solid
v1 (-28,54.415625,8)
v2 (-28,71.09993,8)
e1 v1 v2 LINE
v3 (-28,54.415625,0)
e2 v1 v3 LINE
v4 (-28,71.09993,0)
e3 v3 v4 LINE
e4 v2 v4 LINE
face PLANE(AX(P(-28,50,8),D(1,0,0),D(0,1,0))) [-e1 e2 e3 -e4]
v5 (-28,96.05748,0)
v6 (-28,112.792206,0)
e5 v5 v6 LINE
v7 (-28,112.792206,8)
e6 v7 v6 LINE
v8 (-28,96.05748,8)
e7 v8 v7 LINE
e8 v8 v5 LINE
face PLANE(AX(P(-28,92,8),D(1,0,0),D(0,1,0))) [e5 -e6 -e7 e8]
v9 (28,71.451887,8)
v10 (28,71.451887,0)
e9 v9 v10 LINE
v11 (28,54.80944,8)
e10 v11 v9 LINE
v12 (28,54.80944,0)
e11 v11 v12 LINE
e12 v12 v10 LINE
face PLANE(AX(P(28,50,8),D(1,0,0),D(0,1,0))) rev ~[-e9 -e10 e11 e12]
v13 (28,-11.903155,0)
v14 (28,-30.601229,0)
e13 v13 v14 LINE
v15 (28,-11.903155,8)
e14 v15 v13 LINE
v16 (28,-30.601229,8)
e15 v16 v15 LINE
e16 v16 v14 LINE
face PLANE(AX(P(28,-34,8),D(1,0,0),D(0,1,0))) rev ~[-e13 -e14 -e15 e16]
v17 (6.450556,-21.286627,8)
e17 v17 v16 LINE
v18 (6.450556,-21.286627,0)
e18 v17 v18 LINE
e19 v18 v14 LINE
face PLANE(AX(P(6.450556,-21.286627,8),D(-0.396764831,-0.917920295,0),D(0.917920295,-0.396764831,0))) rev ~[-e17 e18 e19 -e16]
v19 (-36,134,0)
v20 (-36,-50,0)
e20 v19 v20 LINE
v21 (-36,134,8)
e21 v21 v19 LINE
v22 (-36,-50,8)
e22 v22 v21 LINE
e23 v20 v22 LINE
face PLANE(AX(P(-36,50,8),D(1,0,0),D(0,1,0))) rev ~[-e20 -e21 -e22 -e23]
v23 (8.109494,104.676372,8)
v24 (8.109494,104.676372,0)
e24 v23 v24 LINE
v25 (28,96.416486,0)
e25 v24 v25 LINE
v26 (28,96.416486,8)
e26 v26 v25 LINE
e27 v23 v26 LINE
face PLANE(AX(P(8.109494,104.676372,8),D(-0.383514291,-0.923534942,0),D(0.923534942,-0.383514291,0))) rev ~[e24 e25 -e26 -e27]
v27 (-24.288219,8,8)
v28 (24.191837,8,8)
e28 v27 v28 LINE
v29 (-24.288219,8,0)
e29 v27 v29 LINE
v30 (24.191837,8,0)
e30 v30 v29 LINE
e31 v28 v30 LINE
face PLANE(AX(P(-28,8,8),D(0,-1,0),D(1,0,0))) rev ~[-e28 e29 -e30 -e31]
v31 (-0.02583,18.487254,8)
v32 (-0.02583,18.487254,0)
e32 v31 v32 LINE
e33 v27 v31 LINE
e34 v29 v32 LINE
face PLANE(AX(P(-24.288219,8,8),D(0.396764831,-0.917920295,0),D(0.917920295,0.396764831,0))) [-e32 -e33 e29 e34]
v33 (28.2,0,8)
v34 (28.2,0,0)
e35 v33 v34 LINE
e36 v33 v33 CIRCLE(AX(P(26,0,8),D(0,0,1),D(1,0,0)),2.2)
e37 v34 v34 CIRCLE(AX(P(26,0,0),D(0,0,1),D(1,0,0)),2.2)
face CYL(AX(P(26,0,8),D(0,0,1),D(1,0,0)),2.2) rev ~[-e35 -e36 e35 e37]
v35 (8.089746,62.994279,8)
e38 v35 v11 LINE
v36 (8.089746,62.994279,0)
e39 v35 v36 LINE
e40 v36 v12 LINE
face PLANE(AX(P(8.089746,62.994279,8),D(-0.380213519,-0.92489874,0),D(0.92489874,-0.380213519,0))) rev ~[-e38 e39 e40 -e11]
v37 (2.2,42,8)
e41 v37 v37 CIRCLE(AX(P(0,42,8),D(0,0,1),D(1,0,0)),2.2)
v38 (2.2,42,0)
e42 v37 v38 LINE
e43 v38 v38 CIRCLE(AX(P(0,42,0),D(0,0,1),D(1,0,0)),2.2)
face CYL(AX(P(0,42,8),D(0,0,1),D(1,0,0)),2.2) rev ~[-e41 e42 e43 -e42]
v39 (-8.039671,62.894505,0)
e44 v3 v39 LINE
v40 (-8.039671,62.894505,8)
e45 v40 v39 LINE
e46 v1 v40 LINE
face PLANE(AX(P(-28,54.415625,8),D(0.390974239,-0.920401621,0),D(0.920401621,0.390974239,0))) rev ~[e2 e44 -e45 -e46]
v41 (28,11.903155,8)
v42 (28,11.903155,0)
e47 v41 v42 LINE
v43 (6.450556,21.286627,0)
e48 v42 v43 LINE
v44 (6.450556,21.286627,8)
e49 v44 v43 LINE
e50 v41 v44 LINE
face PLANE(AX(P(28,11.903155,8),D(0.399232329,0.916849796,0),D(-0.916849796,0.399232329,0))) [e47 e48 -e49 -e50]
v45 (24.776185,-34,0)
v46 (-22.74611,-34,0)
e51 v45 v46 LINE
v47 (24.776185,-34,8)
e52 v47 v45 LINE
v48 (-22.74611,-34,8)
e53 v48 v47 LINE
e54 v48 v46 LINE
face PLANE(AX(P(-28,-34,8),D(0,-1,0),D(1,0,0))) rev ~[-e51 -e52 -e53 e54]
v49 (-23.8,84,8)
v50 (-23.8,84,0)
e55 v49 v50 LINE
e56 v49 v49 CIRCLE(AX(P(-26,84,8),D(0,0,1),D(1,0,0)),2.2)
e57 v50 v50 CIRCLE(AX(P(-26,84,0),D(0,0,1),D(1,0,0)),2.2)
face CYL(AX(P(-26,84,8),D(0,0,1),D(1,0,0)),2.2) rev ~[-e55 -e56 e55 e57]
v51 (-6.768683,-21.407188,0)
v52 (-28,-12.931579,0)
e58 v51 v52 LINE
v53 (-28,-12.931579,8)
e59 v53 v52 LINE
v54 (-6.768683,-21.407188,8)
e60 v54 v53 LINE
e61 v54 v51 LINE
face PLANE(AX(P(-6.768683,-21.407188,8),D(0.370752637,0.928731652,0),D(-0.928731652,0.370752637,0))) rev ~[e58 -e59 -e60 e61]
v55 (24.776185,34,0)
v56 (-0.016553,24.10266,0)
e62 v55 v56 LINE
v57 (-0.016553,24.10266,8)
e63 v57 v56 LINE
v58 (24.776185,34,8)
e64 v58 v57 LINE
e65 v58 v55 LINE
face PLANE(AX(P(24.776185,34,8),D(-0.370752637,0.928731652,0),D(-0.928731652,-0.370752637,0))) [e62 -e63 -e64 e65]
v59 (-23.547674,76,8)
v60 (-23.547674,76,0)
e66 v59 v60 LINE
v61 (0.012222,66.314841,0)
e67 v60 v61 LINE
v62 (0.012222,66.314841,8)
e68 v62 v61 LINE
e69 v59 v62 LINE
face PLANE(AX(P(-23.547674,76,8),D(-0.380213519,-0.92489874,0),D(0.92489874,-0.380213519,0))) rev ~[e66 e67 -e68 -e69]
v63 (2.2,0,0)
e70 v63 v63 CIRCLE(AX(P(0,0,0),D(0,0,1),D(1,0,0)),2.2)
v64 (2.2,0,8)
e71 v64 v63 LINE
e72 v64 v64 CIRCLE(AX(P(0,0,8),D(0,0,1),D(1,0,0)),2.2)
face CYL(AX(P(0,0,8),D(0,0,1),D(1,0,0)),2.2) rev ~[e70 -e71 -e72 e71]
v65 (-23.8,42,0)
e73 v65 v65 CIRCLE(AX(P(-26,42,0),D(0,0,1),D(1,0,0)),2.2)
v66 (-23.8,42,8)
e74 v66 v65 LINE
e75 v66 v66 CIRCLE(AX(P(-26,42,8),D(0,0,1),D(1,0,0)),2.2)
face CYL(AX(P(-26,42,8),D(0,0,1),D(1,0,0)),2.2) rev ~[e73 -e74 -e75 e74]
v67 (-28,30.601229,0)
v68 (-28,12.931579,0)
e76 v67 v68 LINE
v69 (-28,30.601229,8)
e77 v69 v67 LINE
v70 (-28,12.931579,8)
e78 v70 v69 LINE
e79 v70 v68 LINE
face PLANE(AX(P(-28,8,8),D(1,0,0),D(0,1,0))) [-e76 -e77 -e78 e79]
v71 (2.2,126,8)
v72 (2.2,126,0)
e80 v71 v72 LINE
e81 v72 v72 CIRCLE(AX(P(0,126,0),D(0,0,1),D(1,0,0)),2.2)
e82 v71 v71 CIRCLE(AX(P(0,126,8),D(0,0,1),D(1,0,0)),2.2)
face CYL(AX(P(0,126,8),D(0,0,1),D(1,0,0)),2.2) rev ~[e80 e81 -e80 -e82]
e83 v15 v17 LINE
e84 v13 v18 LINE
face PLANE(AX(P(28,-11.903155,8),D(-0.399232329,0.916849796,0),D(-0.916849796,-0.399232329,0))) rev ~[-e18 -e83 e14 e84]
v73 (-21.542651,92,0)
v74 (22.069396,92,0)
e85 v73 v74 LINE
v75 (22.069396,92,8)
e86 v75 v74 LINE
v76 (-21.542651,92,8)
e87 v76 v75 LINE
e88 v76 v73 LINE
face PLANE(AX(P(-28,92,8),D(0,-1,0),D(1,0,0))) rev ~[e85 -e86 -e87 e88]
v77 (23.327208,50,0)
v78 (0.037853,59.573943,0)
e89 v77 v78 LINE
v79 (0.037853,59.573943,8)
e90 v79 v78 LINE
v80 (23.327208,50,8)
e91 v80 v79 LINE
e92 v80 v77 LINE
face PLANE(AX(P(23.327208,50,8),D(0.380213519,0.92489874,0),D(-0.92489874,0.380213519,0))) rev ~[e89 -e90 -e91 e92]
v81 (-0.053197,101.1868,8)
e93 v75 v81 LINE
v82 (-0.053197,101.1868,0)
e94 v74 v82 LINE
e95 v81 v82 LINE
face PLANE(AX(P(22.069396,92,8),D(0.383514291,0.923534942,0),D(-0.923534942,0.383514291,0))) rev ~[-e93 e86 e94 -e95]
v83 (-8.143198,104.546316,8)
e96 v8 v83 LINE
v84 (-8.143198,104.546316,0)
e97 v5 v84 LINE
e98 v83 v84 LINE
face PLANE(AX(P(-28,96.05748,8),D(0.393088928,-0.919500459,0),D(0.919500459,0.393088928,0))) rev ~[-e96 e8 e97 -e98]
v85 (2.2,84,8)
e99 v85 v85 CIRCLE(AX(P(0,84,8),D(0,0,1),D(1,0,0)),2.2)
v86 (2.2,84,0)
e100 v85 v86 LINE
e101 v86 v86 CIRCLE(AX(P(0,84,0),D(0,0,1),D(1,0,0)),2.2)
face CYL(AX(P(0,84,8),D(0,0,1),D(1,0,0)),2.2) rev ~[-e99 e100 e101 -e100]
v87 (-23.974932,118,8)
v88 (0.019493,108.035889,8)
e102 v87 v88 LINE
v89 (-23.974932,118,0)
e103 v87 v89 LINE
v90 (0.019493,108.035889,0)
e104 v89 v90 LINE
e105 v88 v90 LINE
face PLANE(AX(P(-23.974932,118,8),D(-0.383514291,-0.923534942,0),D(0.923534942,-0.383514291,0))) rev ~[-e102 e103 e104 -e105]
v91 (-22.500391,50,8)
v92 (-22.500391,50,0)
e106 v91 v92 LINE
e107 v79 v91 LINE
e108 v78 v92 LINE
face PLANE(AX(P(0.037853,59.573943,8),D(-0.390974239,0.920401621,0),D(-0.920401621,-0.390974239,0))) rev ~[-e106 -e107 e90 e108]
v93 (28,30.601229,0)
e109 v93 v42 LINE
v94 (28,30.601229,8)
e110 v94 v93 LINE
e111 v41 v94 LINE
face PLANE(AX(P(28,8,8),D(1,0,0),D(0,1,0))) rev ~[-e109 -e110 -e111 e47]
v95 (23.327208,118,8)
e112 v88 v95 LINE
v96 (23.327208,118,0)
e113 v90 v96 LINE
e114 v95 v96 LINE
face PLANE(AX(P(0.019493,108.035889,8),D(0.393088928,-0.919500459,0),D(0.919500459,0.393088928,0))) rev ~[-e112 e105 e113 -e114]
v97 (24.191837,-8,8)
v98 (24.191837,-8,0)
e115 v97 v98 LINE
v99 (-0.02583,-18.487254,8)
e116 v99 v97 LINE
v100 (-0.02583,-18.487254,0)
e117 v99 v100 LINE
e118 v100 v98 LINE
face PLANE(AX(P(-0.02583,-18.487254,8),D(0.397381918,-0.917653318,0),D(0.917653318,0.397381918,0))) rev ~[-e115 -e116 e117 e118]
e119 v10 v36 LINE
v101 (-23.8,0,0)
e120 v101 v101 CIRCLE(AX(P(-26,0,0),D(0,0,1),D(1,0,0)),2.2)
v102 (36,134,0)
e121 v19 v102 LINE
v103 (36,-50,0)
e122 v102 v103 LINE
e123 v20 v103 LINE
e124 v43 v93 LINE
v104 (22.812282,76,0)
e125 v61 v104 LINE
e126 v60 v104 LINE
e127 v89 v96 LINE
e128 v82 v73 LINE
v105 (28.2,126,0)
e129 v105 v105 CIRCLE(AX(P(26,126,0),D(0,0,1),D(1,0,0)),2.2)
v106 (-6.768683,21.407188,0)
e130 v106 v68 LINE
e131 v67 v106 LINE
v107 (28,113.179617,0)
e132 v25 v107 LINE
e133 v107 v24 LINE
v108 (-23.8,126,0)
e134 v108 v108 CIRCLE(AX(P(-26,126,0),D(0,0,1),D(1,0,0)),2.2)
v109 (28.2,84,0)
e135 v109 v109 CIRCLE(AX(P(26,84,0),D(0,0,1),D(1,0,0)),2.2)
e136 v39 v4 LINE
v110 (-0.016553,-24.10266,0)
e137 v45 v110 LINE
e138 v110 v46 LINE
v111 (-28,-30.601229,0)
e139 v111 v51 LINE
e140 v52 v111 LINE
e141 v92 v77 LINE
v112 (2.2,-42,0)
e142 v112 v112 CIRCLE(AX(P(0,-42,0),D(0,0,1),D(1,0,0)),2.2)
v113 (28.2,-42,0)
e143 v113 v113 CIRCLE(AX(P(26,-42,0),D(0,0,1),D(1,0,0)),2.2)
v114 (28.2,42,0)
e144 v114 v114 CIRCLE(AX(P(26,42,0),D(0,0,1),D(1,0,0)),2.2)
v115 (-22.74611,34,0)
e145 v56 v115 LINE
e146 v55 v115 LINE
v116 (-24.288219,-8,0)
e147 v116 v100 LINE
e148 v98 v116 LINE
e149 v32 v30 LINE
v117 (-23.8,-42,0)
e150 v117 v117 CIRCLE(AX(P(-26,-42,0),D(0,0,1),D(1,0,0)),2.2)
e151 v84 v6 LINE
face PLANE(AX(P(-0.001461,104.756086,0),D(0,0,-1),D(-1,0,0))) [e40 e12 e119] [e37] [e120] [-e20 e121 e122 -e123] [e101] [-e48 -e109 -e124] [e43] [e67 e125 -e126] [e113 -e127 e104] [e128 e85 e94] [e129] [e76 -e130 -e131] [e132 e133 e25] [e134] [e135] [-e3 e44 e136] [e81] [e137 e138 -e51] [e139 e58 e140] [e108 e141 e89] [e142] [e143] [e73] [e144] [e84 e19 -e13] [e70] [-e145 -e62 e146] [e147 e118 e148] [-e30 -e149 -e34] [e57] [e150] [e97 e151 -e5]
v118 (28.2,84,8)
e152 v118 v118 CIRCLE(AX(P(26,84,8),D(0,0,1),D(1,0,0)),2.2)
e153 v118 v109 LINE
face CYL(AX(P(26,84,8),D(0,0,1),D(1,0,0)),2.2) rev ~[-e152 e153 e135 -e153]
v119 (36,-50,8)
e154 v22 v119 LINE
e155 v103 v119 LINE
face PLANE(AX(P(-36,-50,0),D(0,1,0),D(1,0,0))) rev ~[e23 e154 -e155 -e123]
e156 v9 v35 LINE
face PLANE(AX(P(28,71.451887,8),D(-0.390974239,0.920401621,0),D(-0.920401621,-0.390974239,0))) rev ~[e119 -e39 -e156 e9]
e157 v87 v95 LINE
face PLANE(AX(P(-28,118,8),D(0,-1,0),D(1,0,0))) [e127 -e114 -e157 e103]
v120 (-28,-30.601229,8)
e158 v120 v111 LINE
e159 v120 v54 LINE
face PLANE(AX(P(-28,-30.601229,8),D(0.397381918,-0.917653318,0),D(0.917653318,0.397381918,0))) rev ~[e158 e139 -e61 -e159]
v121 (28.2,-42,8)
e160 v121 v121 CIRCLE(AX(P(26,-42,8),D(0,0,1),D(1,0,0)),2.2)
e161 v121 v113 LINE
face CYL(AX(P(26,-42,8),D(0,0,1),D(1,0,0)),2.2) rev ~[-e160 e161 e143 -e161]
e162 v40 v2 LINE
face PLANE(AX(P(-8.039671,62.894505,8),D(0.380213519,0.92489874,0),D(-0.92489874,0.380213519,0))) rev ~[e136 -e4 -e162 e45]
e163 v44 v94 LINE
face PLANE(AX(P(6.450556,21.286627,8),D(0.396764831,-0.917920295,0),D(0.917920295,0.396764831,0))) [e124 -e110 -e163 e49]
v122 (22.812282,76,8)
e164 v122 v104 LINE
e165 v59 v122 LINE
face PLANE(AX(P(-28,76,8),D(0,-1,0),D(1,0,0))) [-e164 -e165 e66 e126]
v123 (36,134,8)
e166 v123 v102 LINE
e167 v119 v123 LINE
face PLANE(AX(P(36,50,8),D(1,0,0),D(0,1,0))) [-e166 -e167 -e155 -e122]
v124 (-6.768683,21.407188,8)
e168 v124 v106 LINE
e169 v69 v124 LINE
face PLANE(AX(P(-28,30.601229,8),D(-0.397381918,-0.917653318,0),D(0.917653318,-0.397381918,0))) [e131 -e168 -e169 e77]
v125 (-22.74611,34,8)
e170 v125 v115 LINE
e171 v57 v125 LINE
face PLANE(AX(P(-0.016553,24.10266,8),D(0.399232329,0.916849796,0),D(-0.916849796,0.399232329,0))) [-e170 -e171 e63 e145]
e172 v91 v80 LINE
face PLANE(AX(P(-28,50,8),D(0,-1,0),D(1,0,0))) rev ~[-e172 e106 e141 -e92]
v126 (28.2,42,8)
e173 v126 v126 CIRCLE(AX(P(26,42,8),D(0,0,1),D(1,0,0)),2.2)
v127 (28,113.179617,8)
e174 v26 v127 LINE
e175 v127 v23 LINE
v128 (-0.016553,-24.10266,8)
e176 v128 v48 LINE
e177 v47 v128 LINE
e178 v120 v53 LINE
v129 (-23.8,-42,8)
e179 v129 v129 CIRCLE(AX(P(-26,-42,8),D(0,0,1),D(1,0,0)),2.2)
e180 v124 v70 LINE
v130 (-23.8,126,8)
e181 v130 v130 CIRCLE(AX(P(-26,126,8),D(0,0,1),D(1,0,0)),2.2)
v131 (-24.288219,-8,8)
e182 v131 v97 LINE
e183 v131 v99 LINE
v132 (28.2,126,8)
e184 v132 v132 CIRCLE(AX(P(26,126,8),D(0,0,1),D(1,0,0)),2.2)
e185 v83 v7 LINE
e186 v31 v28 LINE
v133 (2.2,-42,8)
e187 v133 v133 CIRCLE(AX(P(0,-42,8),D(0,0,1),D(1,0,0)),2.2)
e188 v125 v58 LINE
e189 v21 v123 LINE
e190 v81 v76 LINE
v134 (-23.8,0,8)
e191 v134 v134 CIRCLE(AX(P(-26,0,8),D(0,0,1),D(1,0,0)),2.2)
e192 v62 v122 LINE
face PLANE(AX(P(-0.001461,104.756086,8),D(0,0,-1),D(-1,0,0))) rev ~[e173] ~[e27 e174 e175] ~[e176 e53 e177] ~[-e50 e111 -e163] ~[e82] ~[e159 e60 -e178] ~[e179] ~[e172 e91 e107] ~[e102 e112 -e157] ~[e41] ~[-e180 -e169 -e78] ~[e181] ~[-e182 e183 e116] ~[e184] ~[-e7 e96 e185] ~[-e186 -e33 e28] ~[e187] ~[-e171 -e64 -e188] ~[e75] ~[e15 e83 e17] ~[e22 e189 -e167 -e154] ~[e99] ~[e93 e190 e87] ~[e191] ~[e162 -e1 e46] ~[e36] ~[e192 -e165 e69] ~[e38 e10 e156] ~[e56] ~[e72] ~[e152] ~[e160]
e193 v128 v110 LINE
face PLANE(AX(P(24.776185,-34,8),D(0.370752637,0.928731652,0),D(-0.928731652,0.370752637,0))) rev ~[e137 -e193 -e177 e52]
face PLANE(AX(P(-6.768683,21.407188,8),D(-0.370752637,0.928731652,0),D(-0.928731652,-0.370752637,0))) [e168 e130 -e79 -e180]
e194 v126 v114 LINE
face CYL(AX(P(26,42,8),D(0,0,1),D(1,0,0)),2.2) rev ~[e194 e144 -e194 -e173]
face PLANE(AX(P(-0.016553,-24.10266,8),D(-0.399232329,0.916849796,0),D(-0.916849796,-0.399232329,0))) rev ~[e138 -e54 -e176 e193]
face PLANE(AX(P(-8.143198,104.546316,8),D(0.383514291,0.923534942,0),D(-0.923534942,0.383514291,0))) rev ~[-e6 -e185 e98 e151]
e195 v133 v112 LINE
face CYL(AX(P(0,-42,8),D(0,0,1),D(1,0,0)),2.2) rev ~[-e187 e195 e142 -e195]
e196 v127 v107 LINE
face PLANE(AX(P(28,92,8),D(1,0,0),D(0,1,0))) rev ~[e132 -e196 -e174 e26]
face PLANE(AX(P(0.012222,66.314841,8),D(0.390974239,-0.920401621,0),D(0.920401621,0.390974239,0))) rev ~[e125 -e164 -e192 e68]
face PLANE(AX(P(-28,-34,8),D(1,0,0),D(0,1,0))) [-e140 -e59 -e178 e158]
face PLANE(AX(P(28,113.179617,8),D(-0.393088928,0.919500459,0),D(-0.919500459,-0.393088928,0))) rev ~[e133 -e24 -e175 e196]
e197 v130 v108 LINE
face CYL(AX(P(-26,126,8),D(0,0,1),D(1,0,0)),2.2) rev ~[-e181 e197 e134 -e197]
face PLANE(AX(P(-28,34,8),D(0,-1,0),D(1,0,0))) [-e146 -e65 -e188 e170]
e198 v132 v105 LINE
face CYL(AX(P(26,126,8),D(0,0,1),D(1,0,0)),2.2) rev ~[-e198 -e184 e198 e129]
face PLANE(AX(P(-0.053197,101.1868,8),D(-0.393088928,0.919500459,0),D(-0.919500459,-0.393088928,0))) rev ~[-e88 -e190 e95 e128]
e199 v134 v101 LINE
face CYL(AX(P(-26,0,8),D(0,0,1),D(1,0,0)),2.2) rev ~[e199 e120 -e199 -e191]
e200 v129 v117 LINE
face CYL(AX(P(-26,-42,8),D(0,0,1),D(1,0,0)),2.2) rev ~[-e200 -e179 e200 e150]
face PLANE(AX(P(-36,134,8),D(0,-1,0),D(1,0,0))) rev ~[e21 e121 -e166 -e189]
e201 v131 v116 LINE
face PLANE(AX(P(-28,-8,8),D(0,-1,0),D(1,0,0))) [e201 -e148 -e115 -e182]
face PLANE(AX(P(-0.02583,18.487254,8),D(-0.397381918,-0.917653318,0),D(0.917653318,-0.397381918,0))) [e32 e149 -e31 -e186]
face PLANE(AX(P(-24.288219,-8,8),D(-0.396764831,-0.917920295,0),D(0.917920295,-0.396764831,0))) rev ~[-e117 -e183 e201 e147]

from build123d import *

# Parameters (mm, degrees)
SKETCH_1_W          = 72
SKETCH_1_H          = 100
EXTRUDE_1_DEPTH     = 8
CUT_EXTRUDE_1_REACH = 64.129
SKETCH_2_R          = 2.2
SKETCH_2_W          = 56
SKETCH_2_H          = 26
EXTRUDE_2_DEPTH     = 8
SKETCH_4_W          = 72
SKETCH_4_H          = 84
EXTRUDE_3_DEPTH     = 8
SKETCH_5_R          = 2.2
SKETCH_5_W          = 56
SKETCH_5_H          = 26
CUT_EXTRUDE_2_DEPTH = 8
EXTRUDE_4_DEPTH     = 8


with BuildPart() as part:
    # 草图1 → 凸台-拉伸1 (new body)
    with BuildSketch(Plane.XY):
        Rectangle(SKETCH_1_W, SKETCH_1_H)
    extrude(amount=EXTRUDE_1_DEPTH)

    # 草图2 → 切除-拉伸1 (cut, up to next)
    with BuildSketch(Plane.XY.offset(8), mode=Mode.PRIVATE) as cut_extrude_1_sk1:
        with Locations((-26, -42)):
            Circle(SKETCH_2_R)
    cut_extrude_1_tool1 = extrude(cut_extrude_1_sk1.sketch, amount=-CUT_EXTRUDE_1_REACH, mode=Mode.PRIVATE) & part.part
    # 草图2 → 切除-拉伸1 (cut, up to next)
    with BuildSketch(Plane.XY.offset(8), mode=Mode.PRIVATE) as cut_extrude_1_sk2:
        with Locations((0, -42)):
            Circle(SKETCH_2_R)
    cut_extrude_1_tool2 = extrude(cut_extrude_1_sk2.sketch, amount=-CUT_EXTRUDE_1_REACH, mode=Mode.PRIVATE) & part.part
    # 草图2 → 切除-拉伸1 (cut, up to next)
    with BuildSketch(Plane.XY.offset(8), mode=Mode.PRIVATE) as cut_extrude_1_sk3:
        with Locations((26, -42)):
            Circle(SKETCH_2_R)
    cut_extrude_1_tool3 = extrude(cut_extrude_1_sk3.sketch, amount=-CUT_EXTRUDE_1_REACH, mode=Mode.PRIVATE) & part.part
    # 草图2 → 切除-拉伸1 (cut, up to next)
    with BuildSketch(Plane.XY.offset(8), mode=Mode.PRIVATE) as cut_extrude_1_sk4:
        with Locations((26, 42)):
            Circle(SKETCH_2_R)
    cut_extrude_1_tool4 = extrude(cut_extrude_1_sk4.sketch, amount=-CUT_EXTRUDE_1_REACH, mode=Mode.PRIVATE) & part.part
    # 草图2 → 切除-拉伸1 (cut, up to next)
    with BuildSketch(Plane.XY.offset(8), mode=Mode.PRIVATE) as cut_extrude_1_sk5:
        with Locations((0, 42)):
            Circle(SKETCH_2_R)
    cut_extrude_1_tool5 = extrude(cut_extrude_1_sk5.sketch, amount=-CUT_EXTRUDE_1_REACH, mode=Mode.PRIVATE) & part.part
    # 草图2 → 切除-拉伸1 (cut, up to next)
    with BuildSketch(Plane.XY.offset(8), mode=Mode.PRIVATE) as cut_extrude_1_sk6:
        with Locations((-26, 42)):
            Circle(SKETCH_2_R)
    cut_extrude_1_tool6 = extrude(cut_extrude_1_sk6.sketch, amount=-CUT_EXTRUDE_1_REACH, mode=Mode.PRIVATE) & part.part
    # 草图2 → 切除-拉伸1 (cut, up to next)
    with BuildSketch(Plane.XY.offset(8), mode=Mode.PRIVATE) as cut_extrude_1_sk7:
        with Locations((-26, 0)):
            Circle(SKETCH_2_R)
    cut_extrude_1_tool7 = extrude(cut_extrude_1_sk7.sketch, amount=-CUT_EXTRUDE_1_REACH, mode=Mode.PRIVATE) & part.part
    # 草图2 → 切除-拉伸1 (cut, up to next)
    with BuildSketch(Plane.XY.offset(8), mode=Mode.PRIVATE) as cut_extrude_1_sk8:
        Circle(SKETCH_2_R)
    cut_extrude_1_tool8 = extrude(cut_extrude_1_sk8.sketch, amount=-CUT_EXTRUDE_1_REACH, mode=Mode.PRIVATE) & part.part
    # 草图2 → 切除-拉伸1 (cut, up to next)
    with BuildSketch(Plane.XY.offset(8), mode=Mode.PRIVATE) as cut_extrude_1_sk9:
        with Locations((26, 0)):
            Circle(SKETCH_2_R)
    cut_extrude_1_tool9 = extrude(cut_extrude_1_sk9.sketch, amount=-CUT_EXTRUDE_1_REACH, mode=Mode.PRIVATE) & part.part
    # 草图2 → 切除-拉伸1 (cut, up to next)
    with BuildSketch(Plane.XY.offset(8), mode=Mode.PRIVATE) as cut_extrude_1_sk10:
        with Locations((0, 21)):
            Rectangle(SKETCH_2_W, SKETCH_2_H)
    cut_extrude_1_tool10 = extrude(cut_extrude_1_sk10.sketch, amount=-CUT_EXTRUDE_1_REACH, mode=Mode.PRIVATE) & part.part
    # 草图2 → 切除-拉伸1 (cut, up to next)
    with BuildSketch(Plane.XY.offset(8), mode=Mode.PRIVATE) as cut_extrude_1_sk11:
        with Locations((0, -21)):
            Rectangle(SKETCH_2_W, SKETCH_2_H)
    cut_extrude_1_tool11 = extrude(cut_extrude_1_sk11.sketch, amount=-CUT_EXTRUDE_1_REACH, mode=Mode.PRIVATE) & part.part
    add(cut_extrude_1_tool1.solids().sort_by_distance((-26, -42, 8))[0], mode=Mode.SUBTRACT)
    add(cut_extrude_1_tool2.solids().sort_by_distance((0, -42, 8))[0], mode=Mode.SUBTRACT)
    add(cut_extrude_1_tool3.solids().sort_by_distance((26, -42, 8))[0], mode=Mode.SUBTRACT)
    add(cut_extrude_1_tool4.solids().sort_by_distance((26, 42, 8))[0], mode=Mode.SUBTRACT)
    add(cut_extrude_1_tool5.solids().sort_by_distance((0, 42, 8))[0], mode=Mode.SUBTRACT)
    add(cut_extrude_1_tool6.solids().sort_by_distance((-26, 42, 8))[0], mode=Mode.SUBTRACT)
    add(cut_extrude_1_tool7.solids().sort_by_distance((-26, 0, 8))[0], mode=Mode.SUBTRACT)
    add(cut_extrude_1_tool8.solids().sort_by_distance((0, 0, 8))[0], mode=Mode.SUBTRACT)
    add(cut_extrude_1_tool9.solids().sort_by_distance((26, 0, 8))[0], mode=Mode.SUBTRACT)
    add(cut_extrude_1_tool10.solids().sort_by_distance((0, 21, 8))[0], mode=Mode.SUBTRACT)
    add(cut_extrude_1_tool11.solids().sort_by_distance((0, -21, 8))[0], mode=Mode.SUBTRACT)

    # 草图3 → 凸台-拉伸2 (add)
    with BuildSketch(Plane.XY.offset(8)):
        Polygon((-28, 30.60122868), (-6.768682564, 21.407188314), (-28, 12.93157869), (-28, 8), (-24.288219299, 8), (-0.025829724, 18.487253581), (24.191837476, 8), (28, 8), (28, 11.903155093), (6.450556004, 21.286627452), (28, 30.60122868), (28, 34), (24.776184912, 34), (-0.016552798, 24.102660047), (-22.746110137, 34), (-28, 34), align=None)
        Polygon((-28, -8), (-24.288219299, -8), (-0.025829724, -18.487253581), (24.191837476, -8), (28, -8), (28, -11.903155093), (6.450556004, -21.286627452), (28, -30.60122868), (28, -34), (24.776184912, -34), (-0.016552798, -24.102660047), (-22.746110137, -34), (-28, -34), (-28, -30.60122868), (-6.768682564, -21.407188314), (-28, -12.93157869), align=None)
    extrude(amount=-EXTRUDE_2_DEPTH)

    # 草图4 → 凸台-拉伸3 (add)
    with BuildSketch(Plane.XY.offset(8)):
        with Locations((0, 92)):
            Rectangle(SKETCH_4_W, SKETCH_4_H)
    extrude(amount=-EXTRUDE_3_DEPTH)

    # 草图5 → 切除-拉伸2 (cut)
    with BuildSketch(Plane.XY.offset(8)):
        with Locations((0, 84)):
            Circle(SKETCH_5_R)
        with Locations((0, 126)):
            Circle(SKETCH_5_R)
        with Locations((26, 126)):
            Circle(SKETCH_5_R)
        with Locations((-26, 126)):
            Circle(SKETCH_5_R)
        with Locations((-26, 84)):
            Circle(SKETCH_5_R)
        with Locations((26, 84)):
            Circle(SKETCH_5_R)
        with Locations((0, 105)):
            Rectangle(SKETCH_5_W, SKETCH_5_H)
        with Locations((0, 63)):
            Rectangle(SKETCH_5_W, SKETCH_5_H)
    extrude(amount=-CUT_EXTRUDE_2_DEPTH, mode=Mode.SUBTRACT)

    # 草图6 → 凸台-拉伸4 (add)
    with BuildSketch(Plane.XY.offset(8)):
        Polygon((-23.974932243, 118), (0.019492881, 108.0358887), (23.327208426, 118), (28, 118), (28, 113.17961686), (8.109494179, 104.676371941), (28, 96.416486039), (28, 92), (22.06939562, 92), (-0.053196802, 101.186799516), (-21.542650648, 92), (-28, 92), (-28, 96.057479873), (-8.1431981, 104.546316276), (-28, 112.792206026), (-28, 118), align=None)
        Polygon((-23.547674388, 76), (0.012222409, 66.314841093), (22.812282036, 76), (28, 76), (28, 71.451887213), (8.089746155, 62.994278964), (28, 54.80943953), (28, 50), (23.327208426, 50), (0.037852996, 59.573942964), (-22.500390573, 50), (-28, 50), (-28, 54.415625486), (-8.03967075, 62.894505093), (-28, 71.099929858), (-28, 76), align=None)
    extrude(amount=-EXTRUDE_4_DEPTH)


solid = part.part
